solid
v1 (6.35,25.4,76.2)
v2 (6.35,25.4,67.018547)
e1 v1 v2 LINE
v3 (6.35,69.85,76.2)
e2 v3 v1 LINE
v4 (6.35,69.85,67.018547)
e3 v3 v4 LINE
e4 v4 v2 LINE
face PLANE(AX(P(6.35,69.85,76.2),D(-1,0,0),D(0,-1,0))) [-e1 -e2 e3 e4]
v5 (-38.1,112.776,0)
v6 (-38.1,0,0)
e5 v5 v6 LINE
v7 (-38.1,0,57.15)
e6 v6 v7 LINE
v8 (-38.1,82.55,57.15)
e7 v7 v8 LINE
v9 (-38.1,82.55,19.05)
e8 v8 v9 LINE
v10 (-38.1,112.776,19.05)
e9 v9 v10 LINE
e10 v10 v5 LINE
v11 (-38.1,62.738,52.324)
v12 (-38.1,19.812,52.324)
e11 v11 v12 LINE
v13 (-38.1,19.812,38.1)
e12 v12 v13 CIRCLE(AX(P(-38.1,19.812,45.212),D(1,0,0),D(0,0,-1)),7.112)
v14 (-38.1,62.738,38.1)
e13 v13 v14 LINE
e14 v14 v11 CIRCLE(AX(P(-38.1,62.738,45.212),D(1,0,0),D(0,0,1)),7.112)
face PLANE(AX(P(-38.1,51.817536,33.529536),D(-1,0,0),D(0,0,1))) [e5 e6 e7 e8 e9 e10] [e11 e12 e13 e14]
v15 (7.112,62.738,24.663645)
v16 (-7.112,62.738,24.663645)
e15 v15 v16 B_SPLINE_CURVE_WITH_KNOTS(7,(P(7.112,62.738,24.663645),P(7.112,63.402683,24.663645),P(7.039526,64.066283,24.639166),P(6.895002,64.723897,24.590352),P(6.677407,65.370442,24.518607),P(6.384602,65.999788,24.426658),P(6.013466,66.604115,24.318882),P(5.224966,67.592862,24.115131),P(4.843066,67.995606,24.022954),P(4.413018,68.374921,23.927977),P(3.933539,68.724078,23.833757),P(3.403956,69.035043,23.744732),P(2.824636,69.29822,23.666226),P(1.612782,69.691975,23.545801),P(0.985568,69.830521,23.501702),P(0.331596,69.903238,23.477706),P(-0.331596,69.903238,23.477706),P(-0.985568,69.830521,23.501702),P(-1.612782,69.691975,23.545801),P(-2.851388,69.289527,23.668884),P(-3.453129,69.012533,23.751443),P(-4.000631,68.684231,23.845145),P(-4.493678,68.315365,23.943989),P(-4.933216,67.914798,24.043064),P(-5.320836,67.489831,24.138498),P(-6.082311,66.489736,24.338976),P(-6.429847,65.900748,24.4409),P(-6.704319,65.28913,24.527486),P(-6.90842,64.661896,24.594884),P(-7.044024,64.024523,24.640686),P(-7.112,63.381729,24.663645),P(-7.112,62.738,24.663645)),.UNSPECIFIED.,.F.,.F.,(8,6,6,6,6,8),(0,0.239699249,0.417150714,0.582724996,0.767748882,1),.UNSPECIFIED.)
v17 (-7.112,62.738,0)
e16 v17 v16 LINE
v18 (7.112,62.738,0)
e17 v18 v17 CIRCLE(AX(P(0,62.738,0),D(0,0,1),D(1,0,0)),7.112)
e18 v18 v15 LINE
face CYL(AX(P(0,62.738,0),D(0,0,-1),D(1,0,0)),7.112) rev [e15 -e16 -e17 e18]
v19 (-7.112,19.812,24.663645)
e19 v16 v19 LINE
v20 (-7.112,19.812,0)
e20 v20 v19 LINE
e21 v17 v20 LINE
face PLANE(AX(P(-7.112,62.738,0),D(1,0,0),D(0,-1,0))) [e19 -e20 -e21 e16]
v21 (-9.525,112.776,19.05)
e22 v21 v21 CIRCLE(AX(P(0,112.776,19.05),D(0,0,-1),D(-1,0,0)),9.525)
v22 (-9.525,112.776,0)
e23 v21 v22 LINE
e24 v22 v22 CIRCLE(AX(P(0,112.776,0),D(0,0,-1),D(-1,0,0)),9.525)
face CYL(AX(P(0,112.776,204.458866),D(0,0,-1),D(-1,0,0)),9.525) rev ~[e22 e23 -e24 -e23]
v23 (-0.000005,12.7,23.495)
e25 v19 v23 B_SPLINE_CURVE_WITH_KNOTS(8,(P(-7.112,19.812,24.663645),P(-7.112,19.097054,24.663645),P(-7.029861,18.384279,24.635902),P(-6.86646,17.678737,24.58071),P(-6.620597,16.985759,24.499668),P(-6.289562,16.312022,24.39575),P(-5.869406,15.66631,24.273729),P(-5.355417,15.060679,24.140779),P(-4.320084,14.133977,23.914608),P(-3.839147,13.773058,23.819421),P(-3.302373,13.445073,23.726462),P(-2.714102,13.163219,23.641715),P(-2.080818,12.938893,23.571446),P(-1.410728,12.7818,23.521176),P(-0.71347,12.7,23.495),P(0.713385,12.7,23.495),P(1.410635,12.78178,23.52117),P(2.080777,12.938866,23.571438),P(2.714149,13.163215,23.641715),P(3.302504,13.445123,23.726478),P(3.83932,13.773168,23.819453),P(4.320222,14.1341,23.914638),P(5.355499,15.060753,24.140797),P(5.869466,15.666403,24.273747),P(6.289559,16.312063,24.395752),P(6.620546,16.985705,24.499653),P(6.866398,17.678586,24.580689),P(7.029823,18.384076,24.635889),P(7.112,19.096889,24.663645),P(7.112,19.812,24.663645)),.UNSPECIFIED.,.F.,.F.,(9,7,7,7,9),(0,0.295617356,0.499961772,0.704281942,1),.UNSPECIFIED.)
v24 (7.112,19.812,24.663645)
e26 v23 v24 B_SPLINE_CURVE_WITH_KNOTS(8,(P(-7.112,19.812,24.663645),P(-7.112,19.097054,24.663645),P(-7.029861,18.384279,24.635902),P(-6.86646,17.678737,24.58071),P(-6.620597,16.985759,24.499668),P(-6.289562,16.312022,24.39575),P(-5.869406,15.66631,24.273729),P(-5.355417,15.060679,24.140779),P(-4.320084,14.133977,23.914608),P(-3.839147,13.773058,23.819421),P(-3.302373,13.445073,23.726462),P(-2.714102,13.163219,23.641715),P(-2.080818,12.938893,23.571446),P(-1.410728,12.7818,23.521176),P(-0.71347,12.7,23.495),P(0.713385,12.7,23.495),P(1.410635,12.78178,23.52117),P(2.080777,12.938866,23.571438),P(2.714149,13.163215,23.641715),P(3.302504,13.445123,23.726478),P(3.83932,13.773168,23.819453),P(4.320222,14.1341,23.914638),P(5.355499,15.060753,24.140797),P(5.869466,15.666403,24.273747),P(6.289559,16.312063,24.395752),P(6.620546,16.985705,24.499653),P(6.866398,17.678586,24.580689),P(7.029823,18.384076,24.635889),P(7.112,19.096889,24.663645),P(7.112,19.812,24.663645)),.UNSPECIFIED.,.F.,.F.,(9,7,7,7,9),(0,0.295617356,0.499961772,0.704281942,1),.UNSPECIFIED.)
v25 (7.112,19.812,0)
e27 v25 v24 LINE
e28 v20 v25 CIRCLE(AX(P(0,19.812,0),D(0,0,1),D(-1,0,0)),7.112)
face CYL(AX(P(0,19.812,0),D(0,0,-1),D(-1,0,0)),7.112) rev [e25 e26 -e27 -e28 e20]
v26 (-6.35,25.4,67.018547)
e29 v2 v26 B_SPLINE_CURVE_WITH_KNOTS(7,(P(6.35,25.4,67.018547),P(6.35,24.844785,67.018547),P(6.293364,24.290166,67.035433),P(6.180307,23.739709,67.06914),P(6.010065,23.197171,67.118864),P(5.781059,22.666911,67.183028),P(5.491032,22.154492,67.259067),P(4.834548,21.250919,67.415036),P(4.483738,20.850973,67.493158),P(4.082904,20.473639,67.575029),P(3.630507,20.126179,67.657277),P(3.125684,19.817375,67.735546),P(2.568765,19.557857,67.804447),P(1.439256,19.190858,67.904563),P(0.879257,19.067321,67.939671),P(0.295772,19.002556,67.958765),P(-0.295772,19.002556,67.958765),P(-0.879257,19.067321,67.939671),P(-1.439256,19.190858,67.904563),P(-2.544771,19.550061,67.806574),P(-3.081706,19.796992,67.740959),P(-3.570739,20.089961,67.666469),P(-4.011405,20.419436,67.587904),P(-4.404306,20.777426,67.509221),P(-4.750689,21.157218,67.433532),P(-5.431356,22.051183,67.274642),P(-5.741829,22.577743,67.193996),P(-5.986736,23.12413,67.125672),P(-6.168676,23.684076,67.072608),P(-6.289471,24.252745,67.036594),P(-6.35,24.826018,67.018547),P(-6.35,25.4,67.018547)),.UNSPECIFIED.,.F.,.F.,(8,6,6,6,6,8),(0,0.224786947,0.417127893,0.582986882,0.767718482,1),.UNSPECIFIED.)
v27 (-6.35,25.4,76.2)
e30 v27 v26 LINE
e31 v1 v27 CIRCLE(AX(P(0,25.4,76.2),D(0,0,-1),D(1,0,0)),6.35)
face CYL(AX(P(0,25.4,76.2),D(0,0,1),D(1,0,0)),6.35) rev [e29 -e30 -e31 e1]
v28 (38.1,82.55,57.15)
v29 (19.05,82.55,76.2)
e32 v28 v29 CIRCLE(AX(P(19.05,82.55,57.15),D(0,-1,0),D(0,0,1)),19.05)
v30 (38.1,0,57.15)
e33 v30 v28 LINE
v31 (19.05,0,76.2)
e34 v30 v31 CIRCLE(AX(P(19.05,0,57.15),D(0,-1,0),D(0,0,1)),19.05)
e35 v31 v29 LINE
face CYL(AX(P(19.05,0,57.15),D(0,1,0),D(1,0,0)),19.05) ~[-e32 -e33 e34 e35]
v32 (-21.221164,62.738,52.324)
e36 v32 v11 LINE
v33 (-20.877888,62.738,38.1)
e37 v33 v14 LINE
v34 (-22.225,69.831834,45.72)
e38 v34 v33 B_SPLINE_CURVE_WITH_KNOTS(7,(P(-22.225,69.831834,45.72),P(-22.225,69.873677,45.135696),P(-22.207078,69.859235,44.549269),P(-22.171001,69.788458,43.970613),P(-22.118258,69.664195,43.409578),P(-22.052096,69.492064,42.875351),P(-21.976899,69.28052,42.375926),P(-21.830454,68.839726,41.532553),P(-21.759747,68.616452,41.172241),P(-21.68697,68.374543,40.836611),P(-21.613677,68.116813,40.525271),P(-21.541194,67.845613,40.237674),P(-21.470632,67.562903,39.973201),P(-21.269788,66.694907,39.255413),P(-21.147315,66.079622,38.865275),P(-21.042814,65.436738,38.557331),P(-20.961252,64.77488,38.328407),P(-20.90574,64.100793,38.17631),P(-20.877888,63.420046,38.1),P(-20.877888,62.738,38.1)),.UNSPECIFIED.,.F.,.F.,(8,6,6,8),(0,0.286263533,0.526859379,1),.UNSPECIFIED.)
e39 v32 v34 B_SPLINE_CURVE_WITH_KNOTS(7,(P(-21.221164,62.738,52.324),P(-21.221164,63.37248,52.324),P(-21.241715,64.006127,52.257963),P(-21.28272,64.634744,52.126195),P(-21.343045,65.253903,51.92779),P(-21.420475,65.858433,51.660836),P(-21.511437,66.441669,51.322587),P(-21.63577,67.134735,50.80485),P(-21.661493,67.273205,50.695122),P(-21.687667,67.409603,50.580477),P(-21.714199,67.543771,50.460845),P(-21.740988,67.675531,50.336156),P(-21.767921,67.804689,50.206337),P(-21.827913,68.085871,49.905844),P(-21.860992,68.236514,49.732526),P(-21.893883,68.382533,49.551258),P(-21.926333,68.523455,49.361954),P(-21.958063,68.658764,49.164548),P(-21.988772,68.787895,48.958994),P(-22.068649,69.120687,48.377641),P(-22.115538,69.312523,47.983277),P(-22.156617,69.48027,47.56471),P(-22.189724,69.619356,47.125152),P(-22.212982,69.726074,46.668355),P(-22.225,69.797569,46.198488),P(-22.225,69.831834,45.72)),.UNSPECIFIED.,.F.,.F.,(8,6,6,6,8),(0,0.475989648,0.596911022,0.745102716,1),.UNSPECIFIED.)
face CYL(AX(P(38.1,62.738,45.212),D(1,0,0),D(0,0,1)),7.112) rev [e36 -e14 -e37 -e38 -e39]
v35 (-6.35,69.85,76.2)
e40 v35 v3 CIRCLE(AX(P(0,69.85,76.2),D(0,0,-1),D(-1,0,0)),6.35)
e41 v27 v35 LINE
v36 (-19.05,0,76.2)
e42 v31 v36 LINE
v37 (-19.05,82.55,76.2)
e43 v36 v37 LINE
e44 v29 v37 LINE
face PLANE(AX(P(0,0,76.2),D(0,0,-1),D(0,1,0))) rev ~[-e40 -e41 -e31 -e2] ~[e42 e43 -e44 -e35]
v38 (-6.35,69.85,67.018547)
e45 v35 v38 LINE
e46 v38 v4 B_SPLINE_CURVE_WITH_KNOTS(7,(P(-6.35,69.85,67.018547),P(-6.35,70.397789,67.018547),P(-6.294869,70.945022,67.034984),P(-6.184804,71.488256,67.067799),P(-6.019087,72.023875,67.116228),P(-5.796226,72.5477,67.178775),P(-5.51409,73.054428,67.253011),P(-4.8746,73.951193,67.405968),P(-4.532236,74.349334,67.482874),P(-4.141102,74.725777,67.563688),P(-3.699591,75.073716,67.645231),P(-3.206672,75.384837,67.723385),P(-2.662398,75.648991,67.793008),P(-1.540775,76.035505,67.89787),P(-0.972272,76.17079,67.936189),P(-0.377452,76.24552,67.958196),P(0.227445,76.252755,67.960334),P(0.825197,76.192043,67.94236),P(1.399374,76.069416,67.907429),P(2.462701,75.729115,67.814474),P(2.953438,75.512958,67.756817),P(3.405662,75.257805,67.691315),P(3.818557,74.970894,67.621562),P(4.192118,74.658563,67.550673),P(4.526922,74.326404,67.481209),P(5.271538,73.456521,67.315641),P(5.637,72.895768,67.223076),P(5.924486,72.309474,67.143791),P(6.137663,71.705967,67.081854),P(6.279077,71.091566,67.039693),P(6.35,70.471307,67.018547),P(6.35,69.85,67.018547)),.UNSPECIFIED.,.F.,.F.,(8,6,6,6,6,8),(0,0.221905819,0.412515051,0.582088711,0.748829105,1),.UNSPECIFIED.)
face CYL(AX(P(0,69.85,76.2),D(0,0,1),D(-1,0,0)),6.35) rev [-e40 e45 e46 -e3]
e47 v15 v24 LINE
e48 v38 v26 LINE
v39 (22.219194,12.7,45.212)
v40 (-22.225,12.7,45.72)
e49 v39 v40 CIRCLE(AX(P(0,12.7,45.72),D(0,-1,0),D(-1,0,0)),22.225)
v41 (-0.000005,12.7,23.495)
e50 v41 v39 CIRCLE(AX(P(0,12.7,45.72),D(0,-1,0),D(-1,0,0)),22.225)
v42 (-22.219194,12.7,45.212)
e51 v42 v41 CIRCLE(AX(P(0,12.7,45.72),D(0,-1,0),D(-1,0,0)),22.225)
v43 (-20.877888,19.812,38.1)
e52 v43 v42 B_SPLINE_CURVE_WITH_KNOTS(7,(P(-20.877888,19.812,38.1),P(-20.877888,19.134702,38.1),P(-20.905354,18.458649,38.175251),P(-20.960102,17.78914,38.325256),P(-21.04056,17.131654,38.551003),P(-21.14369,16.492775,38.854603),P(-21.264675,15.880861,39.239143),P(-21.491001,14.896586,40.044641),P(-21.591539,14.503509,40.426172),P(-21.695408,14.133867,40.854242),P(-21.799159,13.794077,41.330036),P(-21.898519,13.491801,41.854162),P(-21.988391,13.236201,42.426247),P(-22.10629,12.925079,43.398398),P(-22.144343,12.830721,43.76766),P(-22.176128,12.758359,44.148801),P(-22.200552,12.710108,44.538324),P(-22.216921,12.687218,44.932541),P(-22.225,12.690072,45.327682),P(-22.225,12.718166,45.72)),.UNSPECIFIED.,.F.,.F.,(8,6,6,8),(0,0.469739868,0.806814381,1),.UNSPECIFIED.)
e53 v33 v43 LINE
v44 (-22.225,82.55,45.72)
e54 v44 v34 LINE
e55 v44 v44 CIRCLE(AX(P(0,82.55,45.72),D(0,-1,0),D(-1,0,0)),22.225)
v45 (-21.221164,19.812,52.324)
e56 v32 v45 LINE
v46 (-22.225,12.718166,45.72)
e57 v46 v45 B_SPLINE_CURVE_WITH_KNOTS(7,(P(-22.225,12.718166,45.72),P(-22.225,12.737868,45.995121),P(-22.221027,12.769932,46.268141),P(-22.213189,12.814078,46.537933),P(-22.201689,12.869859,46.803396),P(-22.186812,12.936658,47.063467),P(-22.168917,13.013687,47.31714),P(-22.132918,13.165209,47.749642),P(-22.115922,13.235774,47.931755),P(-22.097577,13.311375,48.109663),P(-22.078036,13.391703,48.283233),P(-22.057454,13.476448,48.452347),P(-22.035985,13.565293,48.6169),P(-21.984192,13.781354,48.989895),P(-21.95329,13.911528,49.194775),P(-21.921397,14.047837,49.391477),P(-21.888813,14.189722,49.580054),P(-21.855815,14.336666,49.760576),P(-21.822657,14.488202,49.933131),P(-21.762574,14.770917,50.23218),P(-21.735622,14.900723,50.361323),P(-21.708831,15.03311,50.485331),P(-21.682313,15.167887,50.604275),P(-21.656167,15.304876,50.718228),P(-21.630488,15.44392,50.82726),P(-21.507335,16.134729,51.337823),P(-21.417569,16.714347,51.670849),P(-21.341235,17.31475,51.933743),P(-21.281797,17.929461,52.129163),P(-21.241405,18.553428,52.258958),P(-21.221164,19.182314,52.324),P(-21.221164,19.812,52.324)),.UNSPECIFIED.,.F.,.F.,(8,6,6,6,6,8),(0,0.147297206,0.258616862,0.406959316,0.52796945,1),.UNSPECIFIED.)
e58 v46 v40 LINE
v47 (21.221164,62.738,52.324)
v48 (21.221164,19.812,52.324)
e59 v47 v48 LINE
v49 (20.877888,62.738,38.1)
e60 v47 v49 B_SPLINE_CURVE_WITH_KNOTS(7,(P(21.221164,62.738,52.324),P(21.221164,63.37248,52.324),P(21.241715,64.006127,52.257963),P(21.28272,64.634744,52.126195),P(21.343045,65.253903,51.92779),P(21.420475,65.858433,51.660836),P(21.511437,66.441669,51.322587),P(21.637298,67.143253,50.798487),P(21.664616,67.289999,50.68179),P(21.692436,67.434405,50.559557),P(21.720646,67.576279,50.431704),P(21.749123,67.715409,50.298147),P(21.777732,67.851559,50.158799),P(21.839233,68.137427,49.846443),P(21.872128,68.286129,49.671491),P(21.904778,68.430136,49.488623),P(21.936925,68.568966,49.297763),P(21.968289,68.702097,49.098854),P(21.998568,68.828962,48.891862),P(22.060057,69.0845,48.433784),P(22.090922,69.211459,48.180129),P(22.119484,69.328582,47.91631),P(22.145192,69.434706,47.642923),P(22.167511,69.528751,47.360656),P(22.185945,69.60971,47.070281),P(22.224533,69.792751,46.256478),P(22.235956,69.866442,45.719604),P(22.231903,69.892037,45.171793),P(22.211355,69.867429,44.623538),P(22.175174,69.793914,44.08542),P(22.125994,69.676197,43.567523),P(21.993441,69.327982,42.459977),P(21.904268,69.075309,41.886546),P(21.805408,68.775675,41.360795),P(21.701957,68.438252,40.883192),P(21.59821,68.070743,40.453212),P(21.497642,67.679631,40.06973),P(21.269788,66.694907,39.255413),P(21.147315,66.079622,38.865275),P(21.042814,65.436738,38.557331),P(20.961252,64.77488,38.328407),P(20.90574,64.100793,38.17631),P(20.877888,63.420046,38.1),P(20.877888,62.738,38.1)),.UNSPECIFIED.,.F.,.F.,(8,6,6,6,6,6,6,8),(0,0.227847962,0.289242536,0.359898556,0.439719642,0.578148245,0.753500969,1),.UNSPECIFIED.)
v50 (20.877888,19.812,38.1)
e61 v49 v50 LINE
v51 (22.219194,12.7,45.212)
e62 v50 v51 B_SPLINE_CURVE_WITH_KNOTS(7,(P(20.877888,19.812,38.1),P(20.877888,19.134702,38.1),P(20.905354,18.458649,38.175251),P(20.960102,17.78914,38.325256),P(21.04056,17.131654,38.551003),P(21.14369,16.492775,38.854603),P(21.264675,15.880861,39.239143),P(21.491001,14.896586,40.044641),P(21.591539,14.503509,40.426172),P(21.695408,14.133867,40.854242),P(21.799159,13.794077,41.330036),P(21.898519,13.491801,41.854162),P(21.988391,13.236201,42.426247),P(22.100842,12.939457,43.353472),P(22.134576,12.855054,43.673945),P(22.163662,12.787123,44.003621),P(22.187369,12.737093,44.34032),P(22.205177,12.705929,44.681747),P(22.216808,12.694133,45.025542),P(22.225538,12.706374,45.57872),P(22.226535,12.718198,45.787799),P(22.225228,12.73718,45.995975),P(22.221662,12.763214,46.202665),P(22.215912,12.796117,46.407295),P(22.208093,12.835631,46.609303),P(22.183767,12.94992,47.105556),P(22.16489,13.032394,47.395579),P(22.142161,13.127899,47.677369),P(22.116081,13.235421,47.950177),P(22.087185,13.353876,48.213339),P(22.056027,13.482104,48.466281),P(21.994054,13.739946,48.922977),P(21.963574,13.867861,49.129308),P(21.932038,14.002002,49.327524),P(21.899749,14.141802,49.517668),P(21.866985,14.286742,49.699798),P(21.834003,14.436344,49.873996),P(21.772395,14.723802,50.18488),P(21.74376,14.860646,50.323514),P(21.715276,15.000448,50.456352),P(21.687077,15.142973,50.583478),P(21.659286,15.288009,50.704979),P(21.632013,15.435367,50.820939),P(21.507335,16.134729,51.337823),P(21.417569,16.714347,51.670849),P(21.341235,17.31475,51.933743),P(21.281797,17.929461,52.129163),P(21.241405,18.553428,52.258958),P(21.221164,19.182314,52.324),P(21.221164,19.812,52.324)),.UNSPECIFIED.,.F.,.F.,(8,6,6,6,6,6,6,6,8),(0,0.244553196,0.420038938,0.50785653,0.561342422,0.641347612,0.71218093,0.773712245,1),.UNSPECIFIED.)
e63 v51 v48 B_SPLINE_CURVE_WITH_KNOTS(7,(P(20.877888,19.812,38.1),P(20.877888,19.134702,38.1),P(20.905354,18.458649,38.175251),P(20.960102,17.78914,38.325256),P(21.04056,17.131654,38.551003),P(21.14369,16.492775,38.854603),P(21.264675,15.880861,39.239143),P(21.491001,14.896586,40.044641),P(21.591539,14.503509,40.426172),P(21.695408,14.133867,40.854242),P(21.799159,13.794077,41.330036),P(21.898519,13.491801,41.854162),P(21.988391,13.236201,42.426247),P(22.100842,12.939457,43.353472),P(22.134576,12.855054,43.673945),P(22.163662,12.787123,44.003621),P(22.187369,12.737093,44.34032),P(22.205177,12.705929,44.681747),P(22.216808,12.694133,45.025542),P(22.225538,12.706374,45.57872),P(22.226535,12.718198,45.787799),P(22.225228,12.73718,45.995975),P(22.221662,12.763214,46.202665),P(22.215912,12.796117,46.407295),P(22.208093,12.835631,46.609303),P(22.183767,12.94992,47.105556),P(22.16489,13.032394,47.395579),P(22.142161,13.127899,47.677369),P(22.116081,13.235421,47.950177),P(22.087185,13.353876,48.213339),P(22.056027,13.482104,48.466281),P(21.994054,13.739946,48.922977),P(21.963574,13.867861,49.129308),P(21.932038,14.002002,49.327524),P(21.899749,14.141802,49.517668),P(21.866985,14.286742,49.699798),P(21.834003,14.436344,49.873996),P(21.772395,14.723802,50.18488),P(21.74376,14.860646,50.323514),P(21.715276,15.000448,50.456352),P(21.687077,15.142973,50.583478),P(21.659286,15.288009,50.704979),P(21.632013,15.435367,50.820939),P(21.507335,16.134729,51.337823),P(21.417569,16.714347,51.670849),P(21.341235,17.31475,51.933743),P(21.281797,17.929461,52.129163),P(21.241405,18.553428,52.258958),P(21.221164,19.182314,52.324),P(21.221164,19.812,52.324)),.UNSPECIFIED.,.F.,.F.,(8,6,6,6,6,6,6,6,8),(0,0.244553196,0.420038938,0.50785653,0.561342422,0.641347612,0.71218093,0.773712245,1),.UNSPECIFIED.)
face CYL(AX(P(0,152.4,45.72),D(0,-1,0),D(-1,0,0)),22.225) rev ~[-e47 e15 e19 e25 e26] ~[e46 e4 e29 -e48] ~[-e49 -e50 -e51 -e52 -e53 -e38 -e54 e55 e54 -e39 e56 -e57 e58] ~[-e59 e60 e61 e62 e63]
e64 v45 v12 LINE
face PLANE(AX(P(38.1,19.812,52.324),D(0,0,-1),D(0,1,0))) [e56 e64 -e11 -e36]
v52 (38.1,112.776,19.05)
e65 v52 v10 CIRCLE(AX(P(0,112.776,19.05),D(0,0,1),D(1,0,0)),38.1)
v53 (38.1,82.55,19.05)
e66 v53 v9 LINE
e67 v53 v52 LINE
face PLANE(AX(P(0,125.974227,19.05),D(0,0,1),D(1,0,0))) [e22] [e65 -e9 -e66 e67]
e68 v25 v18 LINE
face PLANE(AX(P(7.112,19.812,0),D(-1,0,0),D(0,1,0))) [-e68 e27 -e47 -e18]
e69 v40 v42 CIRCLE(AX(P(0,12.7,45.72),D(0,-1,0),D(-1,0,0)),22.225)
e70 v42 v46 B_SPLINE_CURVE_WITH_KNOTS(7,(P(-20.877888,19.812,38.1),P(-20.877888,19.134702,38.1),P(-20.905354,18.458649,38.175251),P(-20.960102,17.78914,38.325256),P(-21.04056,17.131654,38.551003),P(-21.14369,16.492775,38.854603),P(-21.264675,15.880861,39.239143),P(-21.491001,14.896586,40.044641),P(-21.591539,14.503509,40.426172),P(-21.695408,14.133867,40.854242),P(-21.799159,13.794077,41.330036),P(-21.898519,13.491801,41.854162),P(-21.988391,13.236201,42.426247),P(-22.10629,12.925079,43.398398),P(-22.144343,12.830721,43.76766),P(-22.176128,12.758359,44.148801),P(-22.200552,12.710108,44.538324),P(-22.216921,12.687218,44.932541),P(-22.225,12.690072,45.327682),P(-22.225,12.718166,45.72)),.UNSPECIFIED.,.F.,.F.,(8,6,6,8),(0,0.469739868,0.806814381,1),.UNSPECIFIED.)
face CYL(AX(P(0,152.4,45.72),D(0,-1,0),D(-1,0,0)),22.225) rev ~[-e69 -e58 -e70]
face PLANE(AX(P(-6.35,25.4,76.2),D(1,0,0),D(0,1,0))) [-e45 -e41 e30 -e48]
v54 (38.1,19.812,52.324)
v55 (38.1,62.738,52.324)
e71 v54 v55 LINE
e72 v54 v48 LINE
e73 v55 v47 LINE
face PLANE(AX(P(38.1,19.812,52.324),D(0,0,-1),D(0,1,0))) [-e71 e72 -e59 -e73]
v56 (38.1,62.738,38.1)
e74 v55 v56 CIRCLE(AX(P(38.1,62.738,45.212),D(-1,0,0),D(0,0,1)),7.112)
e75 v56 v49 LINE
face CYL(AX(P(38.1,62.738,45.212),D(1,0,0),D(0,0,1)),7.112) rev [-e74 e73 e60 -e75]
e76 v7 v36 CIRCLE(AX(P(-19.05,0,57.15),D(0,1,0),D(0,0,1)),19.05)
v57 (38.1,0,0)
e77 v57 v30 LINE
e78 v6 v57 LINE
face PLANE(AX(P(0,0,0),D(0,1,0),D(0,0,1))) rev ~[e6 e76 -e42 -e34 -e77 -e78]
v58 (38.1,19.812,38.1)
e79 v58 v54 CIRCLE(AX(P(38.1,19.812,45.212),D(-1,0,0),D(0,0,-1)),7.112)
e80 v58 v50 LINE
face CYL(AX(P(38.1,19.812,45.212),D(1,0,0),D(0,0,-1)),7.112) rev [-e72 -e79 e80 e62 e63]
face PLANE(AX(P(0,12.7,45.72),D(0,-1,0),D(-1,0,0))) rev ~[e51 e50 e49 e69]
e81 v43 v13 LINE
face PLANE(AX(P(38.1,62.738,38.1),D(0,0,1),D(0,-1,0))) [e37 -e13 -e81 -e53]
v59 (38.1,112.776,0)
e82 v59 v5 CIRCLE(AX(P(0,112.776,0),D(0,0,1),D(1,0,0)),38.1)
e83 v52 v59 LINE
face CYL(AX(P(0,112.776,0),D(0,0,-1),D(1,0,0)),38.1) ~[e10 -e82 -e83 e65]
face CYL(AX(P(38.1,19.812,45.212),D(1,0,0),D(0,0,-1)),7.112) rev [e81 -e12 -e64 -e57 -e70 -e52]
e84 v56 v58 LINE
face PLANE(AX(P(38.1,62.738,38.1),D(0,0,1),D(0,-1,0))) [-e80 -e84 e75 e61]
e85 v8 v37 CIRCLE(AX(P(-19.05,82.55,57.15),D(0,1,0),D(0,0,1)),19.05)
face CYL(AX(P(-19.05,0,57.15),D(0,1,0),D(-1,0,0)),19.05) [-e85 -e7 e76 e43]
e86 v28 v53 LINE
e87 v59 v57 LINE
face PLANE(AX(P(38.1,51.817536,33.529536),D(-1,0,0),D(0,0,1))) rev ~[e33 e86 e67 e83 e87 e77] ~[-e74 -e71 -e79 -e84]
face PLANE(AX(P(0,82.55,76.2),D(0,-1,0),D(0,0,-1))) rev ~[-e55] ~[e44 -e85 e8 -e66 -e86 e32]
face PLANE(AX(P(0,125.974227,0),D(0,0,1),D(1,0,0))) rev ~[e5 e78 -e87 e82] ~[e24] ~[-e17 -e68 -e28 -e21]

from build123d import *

# Parameters (mm, degrees)
BOSS_EXTRUDE1_DEPTH             = 38.1
BOSS_EXTRUDE2_DEPTH             = 19.05
CUT_EXTRUDE1_DEPTH              = 77.2
F_1_4_1_75_DIAMETER_HOLE1_D     = 44.45
F_1_4_1_75_DIAMETER_HOLE1_DEPTH = 69.85
FILLET1_R                       = 19.05
CUT_EXTRUDE2_DEPTH              = 19.05
CUT_EXTRUDE3_DEPTH              = 25.4
F_1_4_0_75_DIAMETER_HOLE1_D     = 19.05


with BuildPart() as part:
    # Sketch1 → Boss-Extrude1 (new body, symmetric)
    with BuildSketch(Plane(origin=(0, 0, 0), x_dir=(0, 0, -1), z_dir=(1, 0, 0))):
        Polygon((0, 0), (-76.2, 0), (-76.2, 82.55), (-19.05, 82.55), (-19.05, 112.776), (0, 112.776), align=None)
    extrude(amount=BOSS_EXTRUDE1_DEPTH, both=True)

    # Sketch2 → Boss-Extrude2 (add)
    with BuildSketch(Plane.XY):
        with BuildLine():
            Line((-38.1, 112.776), (38.1, 112.776))
            ThreePointArc((38.1, 112.776), (0, 150.876), (-38.1, 112.776))
        make_face()
    extrude(amount=BOSS_EXTRUDE2_DEPTH)

    # Sketch3 → Cut-Extrude1 (cut, through all)
    with BuildSketch(Plane(origin=(38.1, 0, 0), x_dir=(0, 0, -1), z_dir=(1, 0, 0))):
        with BuildLine():
            Line((-38.1, 62.738), (-38.1, 19.812))
            ThreePointArc((-38.1, 19.812), (-45.212, 12.7), (-52.324, 19.812))
            Line((-52.324, 19.812), (-52.324, 62.738))
            ThreePointArc((-52.324, 62.738), (-45.212, 69.85), (-38.1, 62.738))
        make_face()
    extrude(amount=-CUT_EXTRUDE1_DEPTH, mode=Mode.SUBTRACT)

    # 1/4 (1.75) Diameter Hole1
    with Locations(Plane(origin=(0, 82.55, 0), x_dir=(1, 0, 0), z_dir=(0, 1, 0))):
        with Locations((0, -45.72)):
            Hole(F_1_4_1_75_DIAMETER_HOLE1_D / 2, depth=F_1_4_1_75_DIAMETER_HOLE1_DEPTH)

    # Fillet1
    fillet1_edges = [part.edges().sort_by_distance(p)[0] for p in [
        (-38.1, 41.275, 76.2),
        (38.1, 41.275, 76.2),
    ]]
    fillet(fillet1_edges, radius=FILLET1_R)

    # Sketch6 → Cut-Extrude2 (cut)
    with BuildSketch(Plane.XY.offset(76.2)):
        with BuildLine():
            Line((-6.35, 25.4), (-6.35, 69.85))
            ThreePointArc((-6.35, 69.85), (0, 76.2), (6.35, 69.85))
            Line((6.35, 69.85), (6.35, 25.4))
            ThreePointArc((6.35, 25.4), (0, 19.05), (-6.35, 25.4))
        make_face()
    extrude(amount=-CUT_EXTRUDE2_DEPTH, mode=Mode.SUBTRACT)

    # Sketch7 → Cut-Extrude3 (cut)
    with BuildSketch(Plane(origin=(0, 0, 0), x_dir=(-1, 0, 0), z_dir=(0, 0, -1))):
        with BuildLine():
            Line((-7.112, 19.812), (-7.112, 62.738))
            ThreePointArc((-7.112, 62.738), (0, 69.85), (7.112, 62.738))
            Line((7.112, 62.738), (7.112, 19.812))
            ThreePointArc((7.112, 19.812), (0, 12.7), (-7.112, 19.812))
        make_face()
    extrude(amount=-CUT_EXTRUDE3_DEPTH, mode=Mode.SUBTRACT)

    # 1/4 (0.75) Diameter Hole1 (through all)
    with Locations(Plane.XY.offset(19.05)):
        with Locations((0, 112.776)):
            Hole(F_1_4_0_75_DIAMETER_HOLE1_D / 2)


solid = part.part
